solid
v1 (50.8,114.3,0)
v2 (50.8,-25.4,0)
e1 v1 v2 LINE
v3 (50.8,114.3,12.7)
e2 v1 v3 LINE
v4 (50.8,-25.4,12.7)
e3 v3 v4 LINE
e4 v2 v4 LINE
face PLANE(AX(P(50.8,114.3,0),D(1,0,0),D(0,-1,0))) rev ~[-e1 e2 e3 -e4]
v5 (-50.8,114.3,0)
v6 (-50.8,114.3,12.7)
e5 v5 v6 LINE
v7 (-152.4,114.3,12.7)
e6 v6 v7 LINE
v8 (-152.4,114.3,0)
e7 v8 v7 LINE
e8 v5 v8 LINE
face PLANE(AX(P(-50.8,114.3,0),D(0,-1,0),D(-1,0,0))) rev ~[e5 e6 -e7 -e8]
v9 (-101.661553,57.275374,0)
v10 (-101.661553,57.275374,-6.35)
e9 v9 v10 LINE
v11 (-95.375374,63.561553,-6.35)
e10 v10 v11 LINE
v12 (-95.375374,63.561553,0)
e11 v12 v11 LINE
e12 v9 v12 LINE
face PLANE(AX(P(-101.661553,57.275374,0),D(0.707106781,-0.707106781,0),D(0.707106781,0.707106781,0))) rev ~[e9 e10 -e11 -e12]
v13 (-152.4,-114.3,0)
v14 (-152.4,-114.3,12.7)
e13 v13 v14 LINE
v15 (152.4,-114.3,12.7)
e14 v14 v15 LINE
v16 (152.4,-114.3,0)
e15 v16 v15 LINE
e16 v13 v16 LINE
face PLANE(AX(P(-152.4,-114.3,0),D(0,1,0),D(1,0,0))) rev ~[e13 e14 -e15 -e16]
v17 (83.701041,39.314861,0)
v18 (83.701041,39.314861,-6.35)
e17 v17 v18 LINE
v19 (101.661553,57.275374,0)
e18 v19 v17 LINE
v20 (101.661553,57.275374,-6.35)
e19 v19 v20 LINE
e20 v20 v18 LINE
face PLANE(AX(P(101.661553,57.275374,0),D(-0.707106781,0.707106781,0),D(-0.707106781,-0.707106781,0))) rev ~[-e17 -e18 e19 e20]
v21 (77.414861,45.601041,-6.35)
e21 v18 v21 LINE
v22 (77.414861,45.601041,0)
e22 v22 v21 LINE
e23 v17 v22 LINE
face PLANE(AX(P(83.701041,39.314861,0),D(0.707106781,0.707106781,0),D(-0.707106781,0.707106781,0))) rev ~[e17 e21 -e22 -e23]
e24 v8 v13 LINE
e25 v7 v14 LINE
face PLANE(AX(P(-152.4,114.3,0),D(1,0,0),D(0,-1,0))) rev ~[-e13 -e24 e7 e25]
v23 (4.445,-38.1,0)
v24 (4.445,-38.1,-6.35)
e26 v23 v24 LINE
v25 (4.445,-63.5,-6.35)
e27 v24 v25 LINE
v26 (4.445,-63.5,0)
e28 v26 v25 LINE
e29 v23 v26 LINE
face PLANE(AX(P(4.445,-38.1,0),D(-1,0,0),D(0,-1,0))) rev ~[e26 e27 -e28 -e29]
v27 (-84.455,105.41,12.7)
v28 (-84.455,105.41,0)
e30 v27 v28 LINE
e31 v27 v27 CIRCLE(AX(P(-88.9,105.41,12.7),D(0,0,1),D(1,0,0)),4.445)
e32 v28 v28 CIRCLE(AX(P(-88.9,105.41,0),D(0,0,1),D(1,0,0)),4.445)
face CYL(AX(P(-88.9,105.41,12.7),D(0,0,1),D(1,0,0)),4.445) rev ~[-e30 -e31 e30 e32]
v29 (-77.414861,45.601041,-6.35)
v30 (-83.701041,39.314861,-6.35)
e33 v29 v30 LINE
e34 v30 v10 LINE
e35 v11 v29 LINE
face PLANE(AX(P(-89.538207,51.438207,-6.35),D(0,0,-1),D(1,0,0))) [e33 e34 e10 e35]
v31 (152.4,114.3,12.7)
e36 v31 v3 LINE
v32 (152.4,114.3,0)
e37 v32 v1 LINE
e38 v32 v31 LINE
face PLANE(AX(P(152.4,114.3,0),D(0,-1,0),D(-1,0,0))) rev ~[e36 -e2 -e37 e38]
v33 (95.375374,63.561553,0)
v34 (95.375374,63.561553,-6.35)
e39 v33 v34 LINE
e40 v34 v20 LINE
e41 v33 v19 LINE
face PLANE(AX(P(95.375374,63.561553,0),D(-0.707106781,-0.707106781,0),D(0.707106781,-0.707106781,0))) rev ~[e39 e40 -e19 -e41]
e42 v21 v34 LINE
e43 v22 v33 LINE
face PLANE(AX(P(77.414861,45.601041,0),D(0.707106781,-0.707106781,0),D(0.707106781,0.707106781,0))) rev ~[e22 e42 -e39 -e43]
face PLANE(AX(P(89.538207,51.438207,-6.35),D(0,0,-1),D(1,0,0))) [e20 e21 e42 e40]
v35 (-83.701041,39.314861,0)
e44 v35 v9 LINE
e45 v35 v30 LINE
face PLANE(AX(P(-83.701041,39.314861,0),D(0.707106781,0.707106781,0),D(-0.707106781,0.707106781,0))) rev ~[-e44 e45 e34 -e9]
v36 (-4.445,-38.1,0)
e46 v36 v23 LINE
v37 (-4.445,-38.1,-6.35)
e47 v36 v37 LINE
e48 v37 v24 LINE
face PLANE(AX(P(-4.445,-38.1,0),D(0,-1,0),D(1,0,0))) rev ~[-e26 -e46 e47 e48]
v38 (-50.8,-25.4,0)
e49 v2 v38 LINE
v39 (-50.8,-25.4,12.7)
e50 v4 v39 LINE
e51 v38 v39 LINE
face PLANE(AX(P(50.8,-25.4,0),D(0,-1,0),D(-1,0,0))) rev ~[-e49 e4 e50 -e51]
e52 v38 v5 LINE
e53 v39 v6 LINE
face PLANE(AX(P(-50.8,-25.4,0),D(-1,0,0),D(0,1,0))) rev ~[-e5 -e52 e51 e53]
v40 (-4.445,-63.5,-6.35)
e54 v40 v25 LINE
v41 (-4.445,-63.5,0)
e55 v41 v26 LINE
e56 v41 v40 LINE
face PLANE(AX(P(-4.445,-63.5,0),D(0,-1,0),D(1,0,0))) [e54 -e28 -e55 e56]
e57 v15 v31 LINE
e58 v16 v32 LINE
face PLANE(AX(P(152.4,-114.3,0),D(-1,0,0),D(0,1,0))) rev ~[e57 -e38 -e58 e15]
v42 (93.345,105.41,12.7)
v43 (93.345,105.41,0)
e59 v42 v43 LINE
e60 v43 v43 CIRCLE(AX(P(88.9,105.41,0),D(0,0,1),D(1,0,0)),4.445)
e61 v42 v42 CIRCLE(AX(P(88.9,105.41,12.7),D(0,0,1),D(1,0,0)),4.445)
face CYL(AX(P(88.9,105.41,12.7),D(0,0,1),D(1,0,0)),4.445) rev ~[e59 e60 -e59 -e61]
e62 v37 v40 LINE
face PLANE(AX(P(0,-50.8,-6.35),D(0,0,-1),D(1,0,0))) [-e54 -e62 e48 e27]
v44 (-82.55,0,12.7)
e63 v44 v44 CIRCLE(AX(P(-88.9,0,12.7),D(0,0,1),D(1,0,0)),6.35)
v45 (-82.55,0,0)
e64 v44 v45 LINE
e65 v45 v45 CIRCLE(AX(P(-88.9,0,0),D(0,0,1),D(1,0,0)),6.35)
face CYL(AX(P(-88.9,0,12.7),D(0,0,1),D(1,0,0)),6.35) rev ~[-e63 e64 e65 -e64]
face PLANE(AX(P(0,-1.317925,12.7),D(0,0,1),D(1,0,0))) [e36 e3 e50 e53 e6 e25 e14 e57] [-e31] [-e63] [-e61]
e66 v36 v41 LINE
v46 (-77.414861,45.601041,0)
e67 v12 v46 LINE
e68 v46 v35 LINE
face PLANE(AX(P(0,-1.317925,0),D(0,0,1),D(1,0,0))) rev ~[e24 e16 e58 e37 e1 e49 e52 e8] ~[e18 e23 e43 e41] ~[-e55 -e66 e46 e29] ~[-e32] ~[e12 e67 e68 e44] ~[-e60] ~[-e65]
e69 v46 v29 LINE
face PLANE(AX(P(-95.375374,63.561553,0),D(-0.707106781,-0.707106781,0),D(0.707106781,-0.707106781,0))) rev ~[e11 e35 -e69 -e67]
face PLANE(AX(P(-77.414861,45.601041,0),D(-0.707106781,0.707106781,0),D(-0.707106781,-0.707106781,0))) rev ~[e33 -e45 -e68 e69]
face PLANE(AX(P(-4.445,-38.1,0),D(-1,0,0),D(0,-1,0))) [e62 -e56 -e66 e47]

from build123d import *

# Parameters (mm, degrees)
F1_DEPTH = 12.7
F3_R     = 6.35
F4_DEPTH = 25.4
F2_R     = 4.445
F5_DEPTH = 25.4
F6_W     = 8.89
F6_H     = 25.4
F7_DEPTH = 6.35


with BuildPart() as f1:
    # F0 (on Top) → F1 (new body)
    with BuildSketch(Plane.XY):
        Polygon((152.4, -114.3), (152.4, 114.3), (50.8, 114.3), (50.8, -25.4), (-50.8, -25.4), (-50.8, 114.3), (-152.4, 114.3), (-152.4, -114.3), align=None)
    extrude(amount=F1_DEPTH)

    # F3 (on face) → F4 (cut)
    with BuildSketch(Plane.XY.offset(12.7)):
        with Locations((-88.9, 0)):
            Circle(F3_R)
    extrude(amount=-F4_DEPTH, mode=Mode.SUBTRACT)

    # F2 (on face) → F5 (cut)
    with BuildSketch(Plane.XY.offset(12.7)):
        with Locations((-88.9, 105.41)):
            Circle(F2_R)
        with Locations((88.9, 105.41)):
            Circle(F2_R)
    extrude(amount=-F5_DEPTH, mode=Mode.SUBTRACT)

    # F6 (on face) → F7 (join)
    with BuildSketch(Plane(origin=(0, 0, 0), x_dir=(1, 0, 0), z_dir=(0, 0, -1))):
        Polygon((83.7010406738, -39.3148613891), (77.4148613891, -45.6010406738), (95.3753736312, -63.561552916), (101.661552916, -57.2753736312), align=None)
        with Locations((0, 50.8)):
            Rectangle(F6_W, F6_H)
        Polygon((-95.3753736312, -63.561552916), (-77.4148613891, -45.6010406738), (-83.7010406738, -39.3148613891), (-101.661552916, -57.2753736312), align=None)
    extrude(amount=F7_DEPTH)


solid = f1.part
